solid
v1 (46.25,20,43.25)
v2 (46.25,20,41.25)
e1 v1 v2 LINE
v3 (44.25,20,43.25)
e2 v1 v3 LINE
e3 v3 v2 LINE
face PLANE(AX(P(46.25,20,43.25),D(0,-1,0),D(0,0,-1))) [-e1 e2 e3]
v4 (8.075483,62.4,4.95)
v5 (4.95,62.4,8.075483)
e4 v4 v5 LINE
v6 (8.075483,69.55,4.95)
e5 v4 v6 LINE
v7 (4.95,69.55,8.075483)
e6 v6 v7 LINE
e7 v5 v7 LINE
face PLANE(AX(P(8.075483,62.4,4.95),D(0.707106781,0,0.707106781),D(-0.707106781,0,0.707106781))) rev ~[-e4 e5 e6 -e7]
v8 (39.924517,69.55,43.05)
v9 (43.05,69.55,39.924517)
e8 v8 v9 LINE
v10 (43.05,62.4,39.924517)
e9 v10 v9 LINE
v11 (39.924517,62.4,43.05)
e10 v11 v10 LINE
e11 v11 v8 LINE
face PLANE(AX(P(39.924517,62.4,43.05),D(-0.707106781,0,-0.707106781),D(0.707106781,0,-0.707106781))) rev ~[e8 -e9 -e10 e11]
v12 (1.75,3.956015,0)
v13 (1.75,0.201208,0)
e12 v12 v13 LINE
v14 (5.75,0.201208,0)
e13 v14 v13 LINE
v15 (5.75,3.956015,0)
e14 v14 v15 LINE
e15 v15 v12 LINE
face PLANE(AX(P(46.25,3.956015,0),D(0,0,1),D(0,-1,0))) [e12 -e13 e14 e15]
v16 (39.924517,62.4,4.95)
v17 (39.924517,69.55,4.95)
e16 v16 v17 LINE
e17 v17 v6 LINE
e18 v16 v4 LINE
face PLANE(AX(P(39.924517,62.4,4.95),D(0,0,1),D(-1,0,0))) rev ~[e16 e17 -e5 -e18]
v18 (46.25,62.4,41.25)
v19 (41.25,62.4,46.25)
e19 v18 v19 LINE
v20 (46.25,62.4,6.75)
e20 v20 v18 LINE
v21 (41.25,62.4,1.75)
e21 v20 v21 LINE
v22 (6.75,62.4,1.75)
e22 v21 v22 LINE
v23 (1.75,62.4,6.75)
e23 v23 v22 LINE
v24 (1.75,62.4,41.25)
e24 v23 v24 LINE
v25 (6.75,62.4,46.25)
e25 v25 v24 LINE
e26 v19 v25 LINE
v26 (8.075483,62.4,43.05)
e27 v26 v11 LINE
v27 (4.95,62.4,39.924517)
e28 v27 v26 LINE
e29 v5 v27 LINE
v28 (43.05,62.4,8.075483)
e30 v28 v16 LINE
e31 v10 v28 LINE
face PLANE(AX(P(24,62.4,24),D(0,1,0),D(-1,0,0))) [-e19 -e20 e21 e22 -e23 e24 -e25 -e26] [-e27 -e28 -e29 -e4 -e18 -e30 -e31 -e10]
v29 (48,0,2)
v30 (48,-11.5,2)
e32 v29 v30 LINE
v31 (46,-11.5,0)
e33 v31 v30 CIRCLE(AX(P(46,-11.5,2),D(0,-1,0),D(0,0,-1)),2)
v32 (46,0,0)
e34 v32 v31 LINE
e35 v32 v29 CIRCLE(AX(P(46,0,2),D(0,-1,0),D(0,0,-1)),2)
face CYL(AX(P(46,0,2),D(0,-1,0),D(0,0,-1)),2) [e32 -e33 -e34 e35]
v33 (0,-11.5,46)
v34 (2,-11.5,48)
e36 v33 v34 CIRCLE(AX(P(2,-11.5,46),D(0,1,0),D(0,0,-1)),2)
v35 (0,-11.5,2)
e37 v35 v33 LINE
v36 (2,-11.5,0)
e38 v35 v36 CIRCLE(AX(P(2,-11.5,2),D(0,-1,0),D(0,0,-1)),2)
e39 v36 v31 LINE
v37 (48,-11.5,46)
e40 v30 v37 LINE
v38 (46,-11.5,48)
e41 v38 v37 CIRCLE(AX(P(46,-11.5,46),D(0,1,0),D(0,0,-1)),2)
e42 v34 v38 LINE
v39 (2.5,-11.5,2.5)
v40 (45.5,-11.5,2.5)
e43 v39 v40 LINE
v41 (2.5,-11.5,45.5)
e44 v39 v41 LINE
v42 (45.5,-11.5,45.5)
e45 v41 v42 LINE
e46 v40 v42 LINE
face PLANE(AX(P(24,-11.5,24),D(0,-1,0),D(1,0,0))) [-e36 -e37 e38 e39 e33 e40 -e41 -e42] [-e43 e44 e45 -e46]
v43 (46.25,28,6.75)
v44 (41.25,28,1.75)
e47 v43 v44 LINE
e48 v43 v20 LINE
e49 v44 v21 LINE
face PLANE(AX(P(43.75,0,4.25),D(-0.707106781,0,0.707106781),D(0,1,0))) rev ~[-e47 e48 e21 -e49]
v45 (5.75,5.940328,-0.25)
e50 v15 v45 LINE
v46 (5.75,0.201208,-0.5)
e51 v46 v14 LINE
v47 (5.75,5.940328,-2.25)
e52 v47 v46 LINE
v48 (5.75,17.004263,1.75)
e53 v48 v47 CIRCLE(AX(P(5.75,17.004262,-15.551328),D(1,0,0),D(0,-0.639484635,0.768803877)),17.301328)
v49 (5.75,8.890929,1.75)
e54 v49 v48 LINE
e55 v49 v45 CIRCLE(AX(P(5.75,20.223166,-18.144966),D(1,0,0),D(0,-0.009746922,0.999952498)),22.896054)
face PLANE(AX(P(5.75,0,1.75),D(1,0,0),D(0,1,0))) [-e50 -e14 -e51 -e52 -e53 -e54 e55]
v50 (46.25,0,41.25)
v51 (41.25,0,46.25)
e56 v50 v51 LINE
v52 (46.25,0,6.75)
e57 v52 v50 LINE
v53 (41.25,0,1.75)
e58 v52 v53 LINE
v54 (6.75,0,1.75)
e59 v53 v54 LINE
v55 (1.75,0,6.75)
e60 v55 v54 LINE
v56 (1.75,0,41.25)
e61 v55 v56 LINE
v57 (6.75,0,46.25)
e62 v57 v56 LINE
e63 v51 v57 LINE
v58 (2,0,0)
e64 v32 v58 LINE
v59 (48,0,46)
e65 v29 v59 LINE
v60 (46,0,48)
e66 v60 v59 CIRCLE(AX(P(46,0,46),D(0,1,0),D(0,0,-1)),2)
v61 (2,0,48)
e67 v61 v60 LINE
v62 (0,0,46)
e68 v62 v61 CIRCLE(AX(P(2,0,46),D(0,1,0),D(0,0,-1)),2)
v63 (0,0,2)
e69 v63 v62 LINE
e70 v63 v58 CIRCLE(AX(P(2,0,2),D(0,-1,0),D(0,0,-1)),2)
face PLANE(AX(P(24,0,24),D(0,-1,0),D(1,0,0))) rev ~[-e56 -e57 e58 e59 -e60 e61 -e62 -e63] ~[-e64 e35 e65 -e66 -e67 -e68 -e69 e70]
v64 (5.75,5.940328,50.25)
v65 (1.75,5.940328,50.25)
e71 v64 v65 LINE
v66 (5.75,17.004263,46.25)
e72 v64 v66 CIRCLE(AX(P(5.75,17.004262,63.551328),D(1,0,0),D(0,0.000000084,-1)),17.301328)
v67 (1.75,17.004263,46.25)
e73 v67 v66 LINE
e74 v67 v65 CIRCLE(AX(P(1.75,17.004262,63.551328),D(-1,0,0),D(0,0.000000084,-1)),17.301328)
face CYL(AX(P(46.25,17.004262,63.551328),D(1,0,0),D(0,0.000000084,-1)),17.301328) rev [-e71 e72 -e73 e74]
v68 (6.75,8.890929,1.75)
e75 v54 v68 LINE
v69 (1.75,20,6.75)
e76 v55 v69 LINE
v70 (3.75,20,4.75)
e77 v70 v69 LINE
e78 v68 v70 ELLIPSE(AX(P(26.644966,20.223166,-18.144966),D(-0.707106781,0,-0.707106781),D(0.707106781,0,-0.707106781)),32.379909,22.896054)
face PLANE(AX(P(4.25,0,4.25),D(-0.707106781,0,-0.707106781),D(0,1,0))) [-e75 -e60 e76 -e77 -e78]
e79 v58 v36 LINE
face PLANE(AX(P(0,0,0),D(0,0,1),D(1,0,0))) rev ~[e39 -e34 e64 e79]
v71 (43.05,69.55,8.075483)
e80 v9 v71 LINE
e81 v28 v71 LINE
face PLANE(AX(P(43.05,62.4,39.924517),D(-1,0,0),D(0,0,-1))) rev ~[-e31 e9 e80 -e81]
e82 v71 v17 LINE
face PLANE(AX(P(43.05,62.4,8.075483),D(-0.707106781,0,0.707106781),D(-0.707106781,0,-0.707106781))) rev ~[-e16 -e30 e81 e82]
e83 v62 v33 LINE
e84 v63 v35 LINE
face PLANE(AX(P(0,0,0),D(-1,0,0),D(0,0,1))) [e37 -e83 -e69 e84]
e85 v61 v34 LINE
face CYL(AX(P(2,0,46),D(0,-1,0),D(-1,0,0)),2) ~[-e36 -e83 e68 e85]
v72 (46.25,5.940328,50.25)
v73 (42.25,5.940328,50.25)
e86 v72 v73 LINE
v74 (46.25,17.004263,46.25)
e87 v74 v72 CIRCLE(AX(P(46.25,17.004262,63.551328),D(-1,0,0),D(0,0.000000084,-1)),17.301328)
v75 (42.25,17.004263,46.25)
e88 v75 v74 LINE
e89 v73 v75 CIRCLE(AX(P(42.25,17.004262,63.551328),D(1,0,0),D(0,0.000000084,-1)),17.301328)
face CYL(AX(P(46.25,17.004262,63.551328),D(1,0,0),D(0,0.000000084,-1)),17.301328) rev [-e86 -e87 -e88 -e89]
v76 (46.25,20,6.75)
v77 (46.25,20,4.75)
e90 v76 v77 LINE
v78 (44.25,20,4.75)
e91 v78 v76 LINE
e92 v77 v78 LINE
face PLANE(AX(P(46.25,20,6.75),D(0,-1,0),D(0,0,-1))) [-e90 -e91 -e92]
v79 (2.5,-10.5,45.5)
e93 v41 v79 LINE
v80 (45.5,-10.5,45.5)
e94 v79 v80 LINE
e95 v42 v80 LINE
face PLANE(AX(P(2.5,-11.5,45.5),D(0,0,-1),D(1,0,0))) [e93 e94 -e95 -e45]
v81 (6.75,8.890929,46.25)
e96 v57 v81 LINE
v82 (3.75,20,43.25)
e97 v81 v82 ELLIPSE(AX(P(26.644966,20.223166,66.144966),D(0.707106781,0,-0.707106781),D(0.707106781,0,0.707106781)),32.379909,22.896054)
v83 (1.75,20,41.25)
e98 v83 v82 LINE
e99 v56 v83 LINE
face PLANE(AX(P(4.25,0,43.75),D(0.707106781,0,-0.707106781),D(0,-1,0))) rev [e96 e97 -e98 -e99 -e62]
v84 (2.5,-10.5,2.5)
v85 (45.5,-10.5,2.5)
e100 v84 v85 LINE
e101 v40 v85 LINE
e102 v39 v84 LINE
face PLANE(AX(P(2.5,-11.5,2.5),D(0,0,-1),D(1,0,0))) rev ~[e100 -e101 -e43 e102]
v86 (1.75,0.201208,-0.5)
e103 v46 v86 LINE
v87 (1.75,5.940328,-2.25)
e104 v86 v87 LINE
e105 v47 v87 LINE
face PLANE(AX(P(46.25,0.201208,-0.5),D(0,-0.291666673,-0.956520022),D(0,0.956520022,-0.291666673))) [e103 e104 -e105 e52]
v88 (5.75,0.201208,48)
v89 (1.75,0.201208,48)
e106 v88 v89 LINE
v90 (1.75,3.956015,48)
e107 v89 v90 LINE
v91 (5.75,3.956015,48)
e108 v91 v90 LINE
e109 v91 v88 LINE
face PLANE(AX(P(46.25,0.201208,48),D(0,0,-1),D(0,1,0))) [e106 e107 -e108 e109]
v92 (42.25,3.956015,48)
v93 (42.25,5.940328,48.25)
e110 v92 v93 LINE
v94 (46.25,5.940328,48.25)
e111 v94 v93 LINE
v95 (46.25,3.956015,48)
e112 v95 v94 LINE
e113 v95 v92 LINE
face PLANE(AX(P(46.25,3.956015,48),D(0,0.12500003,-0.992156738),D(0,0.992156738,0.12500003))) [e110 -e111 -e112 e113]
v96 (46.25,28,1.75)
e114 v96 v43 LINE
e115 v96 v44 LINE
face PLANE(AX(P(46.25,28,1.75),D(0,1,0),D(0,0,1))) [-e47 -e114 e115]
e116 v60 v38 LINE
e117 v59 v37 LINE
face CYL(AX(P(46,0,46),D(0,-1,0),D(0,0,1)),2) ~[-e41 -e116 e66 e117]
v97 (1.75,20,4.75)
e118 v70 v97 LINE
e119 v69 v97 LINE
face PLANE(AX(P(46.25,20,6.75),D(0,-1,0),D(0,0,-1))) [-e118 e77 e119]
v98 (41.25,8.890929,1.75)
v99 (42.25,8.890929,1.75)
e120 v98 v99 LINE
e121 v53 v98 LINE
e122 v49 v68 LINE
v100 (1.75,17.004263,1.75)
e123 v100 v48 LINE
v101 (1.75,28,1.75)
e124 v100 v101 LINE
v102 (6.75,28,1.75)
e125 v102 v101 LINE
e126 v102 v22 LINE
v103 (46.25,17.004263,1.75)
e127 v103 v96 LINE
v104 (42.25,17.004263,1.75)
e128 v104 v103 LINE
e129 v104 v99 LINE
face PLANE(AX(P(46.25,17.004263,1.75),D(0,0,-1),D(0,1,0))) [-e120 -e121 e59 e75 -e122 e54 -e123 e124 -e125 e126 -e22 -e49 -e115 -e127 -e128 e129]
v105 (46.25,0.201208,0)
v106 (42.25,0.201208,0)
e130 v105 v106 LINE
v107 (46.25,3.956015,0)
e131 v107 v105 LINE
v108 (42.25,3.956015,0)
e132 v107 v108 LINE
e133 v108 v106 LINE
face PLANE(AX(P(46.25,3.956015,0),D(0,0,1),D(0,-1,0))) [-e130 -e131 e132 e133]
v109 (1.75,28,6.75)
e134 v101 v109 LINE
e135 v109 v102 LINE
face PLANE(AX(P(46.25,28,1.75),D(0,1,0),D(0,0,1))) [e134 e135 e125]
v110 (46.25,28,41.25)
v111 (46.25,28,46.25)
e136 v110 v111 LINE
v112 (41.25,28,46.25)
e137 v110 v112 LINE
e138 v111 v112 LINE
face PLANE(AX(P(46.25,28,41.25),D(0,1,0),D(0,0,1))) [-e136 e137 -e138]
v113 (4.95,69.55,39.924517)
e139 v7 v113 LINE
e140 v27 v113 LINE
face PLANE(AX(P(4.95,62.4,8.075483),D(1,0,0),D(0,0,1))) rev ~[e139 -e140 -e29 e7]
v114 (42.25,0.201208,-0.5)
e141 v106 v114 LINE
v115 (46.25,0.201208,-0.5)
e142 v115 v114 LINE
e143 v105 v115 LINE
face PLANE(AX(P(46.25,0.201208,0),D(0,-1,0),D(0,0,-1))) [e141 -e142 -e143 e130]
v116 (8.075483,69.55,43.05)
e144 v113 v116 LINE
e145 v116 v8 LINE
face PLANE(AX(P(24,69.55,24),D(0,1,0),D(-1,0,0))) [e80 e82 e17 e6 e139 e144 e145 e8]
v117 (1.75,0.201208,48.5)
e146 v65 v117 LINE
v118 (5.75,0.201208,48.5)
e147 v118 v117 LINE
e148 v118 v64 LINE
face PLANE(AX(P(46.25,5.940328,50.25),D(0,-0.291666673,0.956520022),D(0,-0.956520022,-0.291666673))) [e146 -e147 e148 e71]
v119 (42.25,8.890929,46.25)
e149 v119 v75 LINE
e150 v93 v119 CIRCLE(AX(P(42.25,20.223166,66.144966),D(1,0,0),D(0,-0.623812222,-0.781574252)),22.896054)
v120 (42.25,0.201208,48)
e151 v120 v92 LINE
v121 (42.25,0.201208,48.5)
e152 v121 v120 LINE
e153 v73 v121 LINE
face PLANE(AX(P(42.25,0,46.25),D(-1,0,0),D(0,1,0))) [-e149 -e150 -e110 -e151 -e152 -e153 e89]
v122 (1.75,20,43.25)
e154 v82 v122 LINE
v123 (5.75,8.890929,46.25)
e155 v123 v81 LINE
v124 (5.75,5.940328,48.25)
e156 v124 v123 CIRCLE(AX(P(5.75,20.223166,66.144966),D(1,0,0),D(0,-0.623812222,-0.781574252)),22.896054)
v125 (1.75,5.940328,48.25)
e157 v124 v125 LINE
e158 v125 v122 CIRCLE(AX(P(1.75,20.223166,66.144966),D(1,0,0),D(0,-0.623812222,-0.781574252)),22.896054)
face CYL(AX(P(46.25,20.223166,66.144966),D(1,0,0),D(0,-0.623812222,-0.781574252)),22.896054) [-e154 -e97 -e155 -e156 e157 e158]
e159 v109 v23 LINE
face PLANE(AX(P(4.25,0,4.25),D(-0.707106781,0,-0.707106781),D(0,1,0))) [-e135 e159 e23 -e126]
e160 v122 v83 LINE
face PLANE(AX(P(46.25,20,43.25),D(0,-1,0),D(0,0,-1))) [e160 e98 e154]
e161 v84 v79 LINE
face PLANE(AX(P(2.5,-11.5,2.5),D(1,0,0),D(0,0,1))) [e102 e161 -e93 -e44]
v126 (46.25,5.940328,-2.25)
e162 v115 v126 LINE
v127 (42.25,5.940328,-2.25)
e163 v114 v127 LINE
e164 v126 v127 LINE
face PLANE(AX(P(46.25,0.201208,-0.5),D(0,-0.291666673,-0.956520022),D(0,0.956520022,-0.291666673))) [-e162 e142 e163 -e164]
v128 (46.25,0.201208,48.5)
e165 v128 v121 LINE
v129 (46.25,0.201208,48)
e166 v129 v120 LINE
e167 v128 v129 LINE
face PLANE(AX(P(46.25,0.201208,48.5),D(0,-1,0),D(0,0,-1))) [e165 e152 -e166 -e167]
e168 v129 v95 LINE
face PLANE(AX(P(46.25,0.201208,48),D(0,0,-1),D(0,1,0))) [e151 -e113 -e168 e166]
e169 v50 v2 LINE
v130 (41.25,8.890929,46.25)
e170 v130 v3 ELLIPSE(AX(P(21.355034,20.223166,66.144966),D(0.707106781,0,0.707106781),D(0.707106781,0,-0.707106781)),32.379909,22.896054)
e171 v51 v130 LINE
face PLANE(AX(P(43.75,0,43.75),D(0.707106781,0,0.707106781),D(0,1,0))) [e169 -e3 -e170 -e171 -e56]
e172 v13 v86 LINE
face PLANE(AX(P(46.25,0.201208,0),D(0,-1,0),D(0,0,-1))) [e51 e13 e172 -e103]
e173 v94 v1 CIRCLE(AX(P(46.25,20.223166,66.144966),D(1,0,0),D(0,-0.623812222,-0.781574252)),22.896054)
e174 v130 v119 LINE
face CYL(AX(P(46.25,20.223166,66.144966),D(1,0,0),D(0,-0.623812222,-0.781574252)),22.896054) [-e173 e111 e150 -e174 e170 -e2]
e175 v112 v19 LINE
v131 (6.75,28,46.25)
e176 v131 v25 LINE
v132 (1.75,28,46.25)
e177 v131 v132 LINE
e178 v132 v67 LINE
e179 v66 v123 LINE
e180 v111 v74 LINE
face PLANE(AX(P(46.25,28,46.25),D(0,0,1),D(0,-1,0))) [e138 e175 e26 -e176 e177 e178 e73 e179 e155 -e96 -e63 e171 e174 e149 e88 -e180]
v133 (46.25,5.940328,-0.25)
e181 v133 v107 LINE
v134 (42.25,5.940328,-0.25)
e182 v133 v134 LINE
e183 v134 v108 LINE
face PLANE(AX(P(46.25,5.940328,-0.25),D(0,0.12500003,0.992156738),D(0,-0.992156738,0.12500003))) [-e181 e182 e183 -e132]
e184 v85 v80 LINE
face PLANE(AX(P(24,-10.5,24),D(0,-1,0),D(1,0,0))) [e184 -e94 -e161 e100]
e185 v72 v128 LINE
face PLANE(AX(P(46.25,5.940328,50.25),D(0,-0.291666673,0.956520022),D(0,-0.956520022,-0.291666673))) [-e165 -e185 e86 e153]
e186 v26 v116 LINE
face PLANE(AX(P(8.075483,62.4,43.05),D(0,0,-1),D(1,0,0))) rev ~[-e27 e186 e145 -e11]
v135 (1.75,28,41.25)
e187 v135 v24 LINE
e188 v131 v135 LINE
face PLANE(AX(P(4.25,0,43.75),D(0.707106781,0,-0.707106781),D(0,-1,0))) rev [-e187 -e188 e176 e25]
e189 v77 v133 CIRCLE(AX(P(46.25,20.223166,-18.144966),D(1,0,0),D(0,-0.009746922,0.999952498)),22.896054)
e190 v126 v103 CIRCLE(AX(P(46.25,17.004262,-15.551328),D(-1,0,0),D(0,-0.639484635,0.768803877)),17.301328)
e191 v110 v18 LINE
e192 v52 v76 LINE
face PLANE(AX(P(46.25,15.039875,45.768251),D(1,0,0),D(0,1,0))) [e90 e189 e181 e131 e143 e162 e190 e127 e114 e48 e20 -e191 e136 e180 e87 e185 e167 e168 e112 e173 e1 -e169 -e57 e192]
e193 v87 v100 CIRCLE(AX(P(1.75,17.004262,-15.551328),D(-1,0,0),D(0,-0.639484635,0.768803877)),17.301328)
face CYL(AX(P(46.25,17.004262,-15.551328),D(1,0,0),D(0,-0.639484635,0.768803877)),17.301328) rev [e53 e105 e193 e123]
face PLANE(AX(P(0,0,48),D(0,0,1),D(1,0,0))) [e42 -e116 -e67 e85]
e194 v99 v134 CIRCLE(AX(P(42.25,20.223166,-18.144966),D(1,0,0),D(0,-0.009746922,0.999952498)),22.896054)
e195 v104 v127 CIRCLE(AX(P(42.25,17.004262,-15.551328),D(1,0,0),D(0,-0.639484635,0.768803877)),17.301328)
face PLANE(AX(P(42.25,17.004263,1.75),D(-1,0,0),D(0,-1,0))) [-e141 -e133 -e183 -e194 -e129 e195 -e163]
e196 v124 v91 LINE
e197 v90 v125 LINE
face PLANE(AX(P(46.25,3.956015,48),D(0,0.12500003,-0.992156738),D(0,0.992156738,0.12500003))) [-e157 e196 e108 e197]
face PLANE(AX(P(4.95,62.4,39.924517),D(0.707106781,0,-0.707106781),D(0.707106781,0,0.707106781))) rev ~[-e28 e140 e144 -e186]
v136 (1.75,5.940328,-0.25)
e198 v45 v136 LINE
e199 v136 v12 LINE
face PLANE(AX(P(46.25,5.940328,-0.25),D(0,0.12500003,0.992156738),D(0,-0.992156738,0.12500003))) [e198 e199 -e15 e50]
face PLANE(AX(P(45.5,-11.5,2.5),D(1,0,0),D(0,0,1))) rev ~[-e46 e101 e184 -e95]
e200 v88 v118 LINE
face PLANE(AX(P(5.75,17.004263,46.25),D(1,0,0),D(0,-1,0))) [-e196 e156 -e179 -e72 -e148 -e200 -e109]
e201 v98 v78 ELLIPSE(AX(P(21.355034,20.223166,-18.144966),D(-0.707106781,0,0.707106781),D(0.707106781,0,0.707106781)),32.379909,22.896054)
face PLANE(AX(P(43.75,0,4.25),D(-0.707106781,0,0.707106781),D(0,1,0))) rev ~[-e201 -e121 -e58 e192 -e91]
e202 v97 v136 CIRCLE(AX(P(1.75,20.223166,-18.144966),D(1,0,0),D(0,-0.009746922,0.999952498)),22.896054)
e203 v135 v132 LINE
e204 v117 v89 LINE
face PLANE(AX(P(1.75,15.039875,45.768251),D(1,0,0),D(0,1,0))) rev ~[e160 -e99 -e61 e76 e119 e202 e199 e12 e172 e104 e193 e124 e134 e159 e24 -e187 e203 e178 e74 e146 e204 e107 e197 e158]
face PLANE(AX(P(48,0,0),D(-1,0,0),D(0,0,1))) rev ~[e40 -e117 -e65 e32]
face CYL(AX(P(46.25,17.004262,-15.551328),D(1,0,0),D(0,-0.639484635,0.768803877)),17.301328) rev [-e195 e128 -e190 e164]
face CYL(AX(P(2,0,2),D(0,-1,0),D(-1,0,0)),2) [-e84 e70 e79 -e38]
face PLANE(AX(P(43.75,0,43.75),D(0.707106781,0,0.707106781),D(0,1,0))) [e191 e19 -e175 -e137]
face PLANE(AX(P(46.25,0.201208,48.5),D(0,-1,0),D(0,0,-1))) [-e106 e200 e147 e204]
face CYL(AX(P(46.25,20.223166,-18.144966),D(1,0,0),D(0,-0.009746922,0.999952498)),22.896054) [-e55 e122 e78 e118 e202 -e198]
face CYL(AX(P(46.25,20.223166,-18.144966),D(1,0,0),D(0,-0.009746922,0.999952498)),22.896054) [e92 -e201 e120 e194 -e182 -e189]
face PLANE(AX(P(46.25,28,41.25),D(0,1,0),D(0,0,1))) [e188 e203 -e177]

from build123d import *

# Parameters (mm, degrees)
F0_W      = 48
F0_H      = 48
F1_DEPTH  = 11.5
F2_W      = 43
F2_H      = 43
F3_DEPTH  = 1
F4_R      = 2
F5_W      = 44.5
F5_H      = 44.5
F6_DEPTH  = 62.4
F7_SIZE   = 5
F9_DEPTH  = 7.15
F11_DEPTH = 44.5
F13_DEPTH = 25
F15_DEPTH = 25


with BuildPart() as f1:
    # F0 (on Front) → F1 (new body)
    with BuildSketch(Plane.XZ):
        with Locations((24, 24)):
            Rectangle(F0_W, F0_H)
    extrude(amount=F1_DEPTH)

    # F2 (on face) → F3 (cut)
    with BuildSketch(Plane.XZ.offset(11.5)):
        with Locations((24, 24)):
            Rectangle(F2_W, F2_H)
    extrude(amount=-F3_DEPTH, mode=Mode.SUBTRACT)

    # F4
    f4_edges = [f1.edges().sort_by_distance(p)[0] for p in [
        (0, -5.75, 48),
        (48, -5.75, 48),
        (48, -5.75, 0),
        (0, -5.75, 0),
    ]]
    fillet(f4_edges, radius=F4_R)

    # F5 (on face) → F6 (join)
    with BuildSketch(Plane(origin=(0, 0, 0), x_dir=(-1, 0, 0), z_dir=(0, 1, 0))):
        with Locations((-24, 24)):
            Rectangle(F5_W, F5_H)
    extrude(amount=F6_DEPTH)

    # F7
    f7_edges = [f1.edges().sort_by_distance(p)[0] for p in [
        (46.25, 31.2, 46.25),
        (1.75, 31.2, 46.25),
        (46.25, 31.2, 1.75),
        (1.75, 31.2, 1.75),
    ]]
    chamfer(f7_edges, length=F7_SIZE)

    # F8 (on face) → F9 (join)
    with BuildSketch(Plane(origin=(0, 62.4, 0), x_dir=(-1, 0, 0), z_dir=(0, 1, 0))):
        Polygon((-4.95, 8.075483), (-4.95, 39.924517), (-8.075483, 43.05), (-39.924517, 43.05), (-43.05, 39.924517), (-43.05, 8.075483), (-39.924517, 4.95), (-8.075483, 4.95), align=None)
    extrude(amount=F9_DEPTH)

    # F10 (on face) → F11 (join, through all)
    with BuildSketch(Plane.YZ.offset(46.25)):
        with BuildLine():
            Line((20, 43.25), (20, 41.25))
            Line((20, 41.25), (28, 41.25))
            Line((28, 41.25), (28, 46.25))
            Line((28, 46.25), (20, 46.25))
            Line((20, 46.25), (17.004263, 46.25))
            ThreePointArc((17.004263, 46.25), (11.12186, 47.280701), (5.940328, 50.25))
            Line((5.940328, 50.25), (0.201208, 48.5))
            Line((0.201208, 48.5), (0.201208, 48))
            Line((0.201208, 48), (3.956015, 48))
            Line((3.956015, 48), (5.940328, 48.25))
            ThreePointArc((5.940328, 48.25), (12.551397, 44.572455), (20, 43.25))
        make_face()
        with BuildLine():
            Line((3.956015, 0), (0.201208, 0))
            Line((0.201208, 0), (0.201208, -0.5))
            Line((0.201208, -0.5), (5.940328, -2.25))
            ThreePointArc((5.940328, -2.25), (11.12186, 0.719299), (17.004263, 1.75))
            Line((17.004263, 1.75), (20, 1.75))
            Line((20, 1.75), (28, 1.75))
            Line((28, 1.75), (28, 6.75))
            Line((28, 6.75), (20, 6.75))
            Line((20, 6.75), (20, 4.75))
            ThreePointArc((20, 4.75), (12.551397, 3.427545), (5.940328, -0.25))
            Line((5.940328, -0.25), (3.956015, 0))
        make_face()
    extrude(amount=-F11_DEPTH)

    # F12 (on face) → F13 (cut)
    with BuildSketch(Plane.XY.offset(46.25)):
        Polygon((41.25, 17.004263), (41.25, 28), (24, 28), (6.75, 28), (6.75, 17.004263), (5.75, 17.004263), (5.75, 0), (6.75, 0), (41.25, 0), (42.25, 0), (42.25, 17.004263), align=None)
    extrude(amount=F13_DEPTH, mode=Mode.SUBTRACT)

    # F14 (on face) → F15 (cut)
    with BuildSketch(Plane(origin=(0, 0, 1.75), x_dir=(1, 0, 0), z_dir=(0, 0, -1))):
        Polygon((41.25, -17.004263), (42.25, -17.004263), (42.25, 0), (41.25, 0), (6.75, 0), (5.75, 0), (5.75, -17.004263), (6.75, -17.004263), (6.75, -28), (41.25, -28), align=None)
    extrude(amount=F15_DEPTH, mode=Mode.SUBTRACT)


solid = f1.part
